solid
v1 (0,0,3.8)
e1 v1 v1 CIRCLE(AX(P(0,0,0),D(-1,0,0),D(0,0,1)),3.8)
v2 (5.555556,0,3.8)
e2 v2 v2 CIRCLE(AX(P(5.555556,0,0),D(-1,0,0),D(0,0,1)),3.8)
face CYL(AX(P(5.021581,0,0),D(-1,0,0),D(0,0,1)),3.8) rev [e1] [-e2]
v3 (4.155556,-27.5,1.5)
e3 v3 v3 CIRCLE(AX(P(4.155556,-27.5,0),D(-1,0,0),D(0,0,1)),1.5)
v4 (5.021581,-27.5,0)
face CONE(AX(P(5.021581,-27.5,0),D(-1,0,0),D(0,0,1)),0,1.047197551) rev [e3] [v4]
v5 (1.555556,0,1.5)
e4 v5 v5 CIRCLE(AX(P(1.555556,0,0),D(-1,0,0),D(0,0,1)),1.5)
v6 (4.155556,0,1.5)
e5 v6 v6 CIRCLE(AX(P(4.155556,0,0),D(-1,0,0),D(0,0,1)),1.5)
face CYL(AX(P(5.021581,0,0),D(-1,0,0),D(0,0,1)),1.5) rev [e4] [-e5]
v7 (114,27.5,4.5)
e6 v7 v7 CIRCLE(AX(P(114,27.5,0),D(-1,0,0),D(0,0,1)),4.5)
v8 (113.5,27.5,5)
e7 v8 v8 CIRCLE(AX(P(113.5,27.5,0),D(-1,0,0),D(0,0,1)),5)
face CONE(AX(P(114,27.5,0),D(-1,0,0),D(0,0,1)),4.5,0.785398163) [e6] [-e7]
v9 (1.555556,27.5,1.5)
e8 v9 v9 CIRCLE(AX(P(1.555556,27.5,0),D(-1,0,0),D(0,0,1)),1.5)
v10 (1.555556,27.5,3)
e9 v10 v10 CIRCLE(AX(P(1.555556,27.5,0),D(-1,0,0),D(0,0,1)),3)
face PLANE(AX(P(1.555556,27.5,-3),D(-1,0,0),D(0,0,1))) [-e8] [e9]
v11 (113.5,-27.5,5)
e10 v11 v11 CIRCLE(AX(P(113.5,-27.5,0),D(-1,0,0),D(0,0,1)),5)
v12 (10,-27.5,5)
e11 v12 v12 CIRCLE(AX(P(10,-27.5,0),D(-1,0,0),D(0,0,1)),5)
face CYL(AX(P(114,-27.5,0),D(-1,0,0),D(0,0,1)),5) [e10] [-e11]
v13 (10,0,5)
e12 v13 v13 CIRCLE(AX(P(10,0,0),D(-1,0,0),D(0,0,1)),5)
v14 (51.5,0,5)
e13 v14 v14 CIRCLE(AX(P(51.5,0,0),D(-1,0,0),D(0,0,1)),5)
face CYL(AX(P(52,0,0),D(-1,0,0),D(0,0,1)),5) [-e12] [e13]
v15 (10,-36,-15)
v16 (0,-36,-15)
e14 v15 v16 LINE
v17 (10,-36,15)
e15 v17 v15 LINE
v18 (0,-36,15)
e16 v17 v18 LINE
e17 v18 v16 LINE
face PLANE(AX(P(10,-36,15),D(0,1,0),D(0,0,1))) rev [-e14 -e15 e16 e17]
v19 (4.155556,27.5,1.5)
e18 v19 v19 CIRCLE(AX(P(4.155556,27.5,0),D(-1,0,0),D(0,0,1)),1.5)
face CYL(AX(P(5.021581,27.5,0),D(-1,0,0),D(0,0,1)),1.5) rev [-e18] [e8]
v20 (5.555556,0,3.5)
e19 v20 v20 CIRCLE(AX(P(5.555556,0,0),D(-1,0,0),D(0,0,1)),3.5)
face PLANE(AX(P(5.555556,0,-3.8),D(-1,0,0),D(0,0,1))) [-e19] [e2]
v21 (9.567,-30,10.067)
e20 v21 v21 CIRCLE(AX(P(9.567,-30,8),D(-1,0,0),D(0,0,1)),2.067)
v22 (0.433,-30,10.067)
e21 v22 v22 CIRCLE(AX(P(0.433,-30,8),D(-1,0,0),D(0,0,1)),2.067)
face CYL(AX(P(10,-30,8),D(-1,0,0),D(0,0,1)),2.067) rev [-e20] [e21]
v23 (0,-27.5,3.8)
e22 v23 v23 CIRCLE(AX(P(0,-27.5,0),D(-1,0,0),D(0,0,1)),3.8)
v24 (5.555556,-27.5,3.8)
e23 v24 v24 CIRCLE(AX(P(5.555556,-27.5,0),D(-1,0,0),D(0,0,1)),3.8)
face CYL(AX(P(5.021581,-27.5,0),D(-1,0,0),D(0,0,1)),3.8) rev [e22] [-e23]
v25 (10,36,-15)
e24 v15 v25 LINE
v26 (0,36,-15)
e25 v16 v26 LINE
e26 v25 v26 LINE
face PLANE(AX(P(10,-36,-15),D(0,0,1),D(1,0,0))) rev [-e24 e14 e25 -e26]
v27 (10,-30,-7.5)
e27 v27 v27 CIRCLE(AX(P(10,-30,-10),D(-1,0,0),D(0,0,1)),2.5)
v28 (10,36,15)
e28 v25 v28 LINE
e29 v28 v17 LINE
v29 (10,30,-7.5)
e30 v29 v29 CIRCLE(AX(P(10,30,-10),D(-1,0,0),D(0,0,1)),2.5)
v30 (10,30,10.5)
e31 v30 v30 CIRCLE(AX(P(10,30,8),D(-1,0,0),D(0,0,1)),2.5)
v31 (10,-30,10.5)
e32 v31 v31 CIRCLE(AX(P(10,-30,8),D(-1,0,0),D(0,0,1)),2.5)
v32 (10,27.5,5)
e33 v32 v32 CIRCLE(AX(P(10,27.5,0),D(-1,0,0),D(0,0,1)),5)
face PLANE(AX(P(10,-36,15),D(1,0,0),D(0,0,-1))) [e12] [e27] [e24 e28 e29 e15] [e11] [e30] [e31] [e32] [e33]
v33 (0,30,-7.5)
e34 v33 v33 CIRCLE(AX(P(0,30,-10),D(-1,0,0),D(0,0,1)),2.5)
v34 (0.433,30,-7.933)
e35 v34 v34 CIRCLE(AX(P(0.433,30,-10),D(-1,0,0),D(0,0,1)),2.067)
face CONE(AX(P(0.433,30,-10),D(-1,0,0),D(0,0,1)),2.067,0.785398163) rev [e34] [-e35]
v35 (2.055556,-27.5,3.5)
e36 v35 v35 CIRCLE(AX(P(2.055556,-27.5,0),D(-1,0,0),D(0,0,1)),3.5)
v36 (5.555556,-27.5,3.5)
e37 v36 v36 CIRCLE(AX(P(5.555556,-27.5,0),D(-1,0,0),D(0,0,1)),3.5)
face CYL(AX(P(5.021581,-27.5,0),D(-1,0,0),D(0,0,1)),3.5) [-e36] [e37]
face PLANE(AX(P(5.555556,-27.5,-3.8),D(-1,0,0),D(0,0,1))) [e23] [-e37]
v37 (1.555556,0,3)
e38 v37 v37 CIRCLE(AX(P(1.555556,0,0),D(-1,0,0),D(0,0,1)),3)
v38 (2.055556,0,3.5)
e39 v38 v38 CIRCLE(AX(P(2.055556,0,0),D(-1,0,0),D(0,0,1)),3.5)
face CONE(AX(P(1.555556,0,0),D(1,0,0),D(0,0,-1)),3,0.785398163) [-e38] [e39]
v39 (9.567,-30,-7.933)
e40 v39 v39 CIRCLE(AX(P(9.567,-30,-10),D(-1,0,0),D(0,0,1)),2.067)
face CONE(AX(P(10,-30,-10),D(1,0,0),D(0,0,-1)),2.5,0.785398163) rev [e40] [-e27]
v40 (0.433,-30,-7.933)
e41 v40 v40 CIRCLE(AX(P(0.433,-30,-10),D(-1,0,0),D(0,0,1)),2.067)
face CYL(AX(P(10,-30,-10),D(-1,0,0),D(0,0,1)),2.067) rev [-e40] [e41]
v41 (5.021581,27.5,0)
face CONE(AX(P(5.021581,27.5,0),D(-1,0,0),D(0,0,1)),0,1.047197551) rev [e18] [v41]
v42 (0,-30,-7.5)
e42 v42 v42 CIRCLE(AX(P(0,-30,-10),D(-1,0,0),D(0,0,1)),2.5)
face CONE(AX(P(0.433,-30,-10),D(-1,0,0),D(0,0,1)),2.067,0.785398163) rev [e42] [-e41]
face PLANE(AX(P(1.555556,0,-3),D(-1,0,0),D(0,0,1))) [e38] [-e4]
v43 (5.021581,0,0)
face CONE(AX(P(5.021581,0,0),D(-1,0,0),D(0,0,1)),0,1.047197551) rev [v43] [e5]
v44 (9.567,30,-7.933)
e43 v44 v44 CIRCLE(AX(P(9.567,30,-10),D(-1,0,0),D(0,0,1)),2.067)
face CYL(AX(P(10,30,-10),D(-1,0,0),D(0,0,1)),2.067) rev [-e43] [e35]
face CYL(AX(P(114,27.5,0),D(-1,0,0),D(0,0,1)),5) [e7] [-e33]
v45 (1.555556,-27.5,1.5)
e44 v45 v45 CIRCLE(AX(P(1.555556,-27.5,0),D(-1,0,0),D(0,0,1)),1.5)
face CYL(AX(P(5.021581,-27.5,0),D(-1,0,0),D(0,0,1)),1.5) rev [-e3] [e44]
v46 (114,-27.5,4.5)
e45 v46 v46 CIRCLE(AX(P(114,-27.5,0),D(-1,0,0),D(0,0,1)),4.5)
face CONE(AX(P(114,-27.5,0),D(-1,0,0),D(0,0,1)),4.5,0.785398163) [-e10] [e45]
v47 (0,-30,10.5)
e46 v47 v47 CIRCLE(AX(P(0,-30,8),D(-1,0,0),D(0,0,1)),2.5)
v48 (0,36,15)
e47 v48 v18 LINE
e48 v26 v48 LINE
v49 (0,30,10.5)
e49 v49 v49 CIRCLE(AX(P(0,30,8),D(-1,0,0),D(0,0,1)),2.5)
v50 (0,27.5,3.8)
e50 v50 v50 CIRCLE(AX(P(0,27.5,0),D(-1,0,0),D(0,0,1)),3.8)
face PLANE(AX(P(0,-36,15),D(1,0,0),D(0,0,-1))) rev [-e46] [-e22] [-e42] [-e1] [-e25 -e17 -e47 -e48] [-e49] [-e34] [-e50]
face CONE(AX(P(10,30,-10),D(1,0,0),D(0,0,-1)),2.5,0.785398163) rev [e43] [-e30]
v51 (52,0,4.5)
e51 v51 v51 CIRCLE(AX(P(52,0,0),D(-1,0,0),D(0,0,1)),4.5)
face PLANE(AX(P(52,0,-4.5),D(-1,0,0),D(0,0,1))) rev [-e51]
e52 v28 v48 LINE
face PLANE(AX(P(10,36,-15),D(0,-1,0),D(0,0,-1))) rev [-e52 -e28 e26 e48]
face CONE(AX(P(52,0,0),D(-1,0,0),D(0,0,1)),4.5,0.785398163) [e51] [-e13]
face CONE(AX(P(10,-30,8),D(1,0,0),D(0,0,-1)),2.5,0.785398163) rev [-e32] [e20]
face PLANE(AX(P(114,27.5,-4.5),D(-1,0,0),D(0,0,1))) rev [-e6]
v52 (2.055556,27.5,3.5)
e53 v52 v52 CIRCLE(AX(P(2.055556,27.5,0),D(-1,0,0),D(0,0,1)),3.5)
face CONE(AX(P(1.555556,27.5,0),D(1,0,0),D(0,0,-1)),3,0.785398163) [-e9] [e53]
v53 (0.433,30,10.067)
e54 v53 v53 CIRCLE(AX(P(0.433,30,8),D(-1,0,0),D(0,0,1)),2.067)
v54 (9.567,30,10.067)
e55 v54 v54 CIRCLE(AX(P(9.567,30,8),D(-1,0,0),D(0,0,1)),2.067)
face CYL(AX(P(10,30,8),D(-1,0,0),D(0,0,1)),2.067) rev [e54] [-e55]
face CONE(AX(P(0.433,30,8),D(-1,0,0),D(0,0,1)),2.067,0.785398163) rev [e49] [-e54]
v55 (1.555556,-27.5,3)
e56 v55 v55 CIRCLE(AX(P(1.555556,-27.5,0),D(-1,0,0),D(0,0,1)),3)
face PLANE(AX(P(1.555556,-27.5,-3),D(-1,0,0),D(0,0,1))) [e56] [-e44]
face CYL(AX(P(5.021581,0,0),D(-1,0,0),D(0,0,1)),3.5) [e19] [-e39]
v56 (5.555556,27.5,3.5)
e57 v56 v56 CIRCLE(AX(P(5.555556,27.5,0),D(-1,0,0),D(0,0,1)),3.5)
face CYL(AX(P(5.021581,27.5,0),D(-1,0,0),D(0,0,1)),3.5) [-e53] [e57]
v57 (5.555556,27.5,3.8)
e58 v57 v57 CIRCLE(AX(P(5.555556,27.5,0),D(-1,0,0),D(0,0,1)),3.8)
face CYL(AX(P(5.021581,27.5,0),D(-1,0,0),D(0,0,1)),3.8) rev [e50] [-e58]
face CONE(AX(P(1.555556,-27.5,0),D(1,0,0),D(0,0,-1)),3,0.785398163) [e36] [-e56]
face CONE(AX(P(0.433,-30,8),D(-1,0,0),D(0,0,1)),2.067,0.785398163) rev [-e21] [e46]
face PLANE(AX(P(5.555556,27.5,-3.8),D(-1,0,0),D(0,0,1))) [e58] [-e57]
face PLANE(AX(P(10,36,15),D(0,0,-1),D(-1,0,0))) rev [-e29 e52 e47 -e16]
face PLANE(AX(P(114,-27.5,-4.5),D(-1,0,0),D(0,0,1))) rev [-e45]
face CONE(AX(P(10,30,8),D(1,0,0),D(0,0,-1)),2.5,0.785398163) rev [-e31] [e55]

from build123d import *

# Parameters (mm, degrees)
SKETCH1_W           = 30
SKETCH1_H           = 72
BOSS_EXTRUDE1_DEPTH = 10


with BuildPart() as part:
    # Sketch1 → Boss-Extrude1 (new body)
    with BuildSketch(Plane(origin=(0, 0, 0), x_dir=(0, 0, -1), z_dir=(1, 0, 0))):
        Rectangle(SKETCH1_W, SKETCH1_H)
    extrude(amount=BOSS_EXTRUDE1_DEPTH)

    # Sketch2 → Cut-Revolve1 (revolve, cut)
    with BuildSketch(Plane(origin=(0, 30, 0), x_dir=(-1, 0, 0), z_dir=(0, 1, 0)), mode=Mode.PRIVATE) as cut_revolve1_sk:
        Polygon((0, -10), (0, -12.5), (-0.433, -12.067), (-9.567, -12.067), (-10, -12.5), (-10, -10), align=None)
    revolve(cut_revolve1_sk.sketch.rotate(Axis((10, 30, -10), (-1, 0, 0)), 180), axis=Axis((10, 30, -10), (-1, 0, 0)), mode=Mode.SUBTRACT)

    # Sketch3 → Cut-Revolve2 (revolve, cut)
    with BuildSketch(Plane(origin=(0, 30, 0), x_dir=(-1, 0, 0), z_dir=(0, 1, 0)), mode=Mode.PRIVATE) as cut_revolve2_sk:
        Polygon((0, 8), (0, 5.5), (-0.433, 5.933), (-9.567, 5.933), (-10, 5.5), (-10, 8), align=None)
    revolve(cut_revolve2_sk.sketch.rotate(Axis((10, 30, 8), (-1, 0, 0)), 180), axis=Axis((10, 30, 8), (-1, 0, 0)), mode=Mode.SUBTRACT)

    # Sketch4 → Cut-Revolve3 (revolve, cut)
    with BuildSketch(Plane(origin=(0, -30, 0), x_dir=(-1, 0, 0), z_dir=(0, 1, 0)), mode=Mode.PRIVATE) as cut_revolve3_sk:
        Polygon((0, 8), (0, 5.5), (-0.433, 5.933), (-9.567, 5.933), (-10, 5.5), (-10, 8), align=None)
    revolve(cut_revolve3_sk.sketch.rotate(Axis((10, -30, 8), (-1, 0, 0)), 180), axis=Axis((10, -30, 8), (-1, 0, 0)), mode=Mode.SUBTRACT)

    # Sketch5 → Cut-Revolve4 (revolve, cut)
    with BuildSketch(Plane(origin=(0, -30, 0), x_dir=(-1, 0, 0), z_dir=(0, 1, 0)), mode=Mode.PRIVATE) as cut_revolve4_sk:
        Polygon((0, -10), (0, -12.5), (-0.433, -12.067), (-9.567, -12.067), (-10, -12.5), (-10, -10), align=None)
    revolve(cut_revolve4_sk.sketch.rotate(Axis((10, -30, -10), (-1, 0, 0)), 180), axis=Axis((10, -30, -10), (-1, 0, 0)), mode=Mode.SUBTRACT)

    # Sketch6 → Cut-Revolve5 (revolve, cut)
    with BuildSketch(Plane(origin=(0, 27.5, 0), x_dir=(-1, 0, 0), z_dir=(0, 1, 0)), mode=Mode.PRIVATE) as cut_revolve5_sk:
        Polygon((0, 0), (0, -3.8), (-5.555555556, -3.8), (-5.555555556, -3.5), (-2.055555556, -3.5), (-1.555555556, -3), (-1.555555556, -1.5), (-4.155555556, -1.5), (-5.021580959, 0), align=None)
    revolve(cut_revolve5_sk.sketch.rotate(Axis((5.021580959, 27.5, 0), (-1, 0, 0)), 180), axis=Axis((5.021580959, 27.5, 0), (-1, 0, 0)), mode=Mode.SUBTRACT)

    # Sketch7 → Cut-Revolve6 (revolve, cut)
    with BuildSketch(Plane(origin=(0, 0, 0), x_dir=(-1, 0, 0), z_dir=(0, 1, 0)), mode=Mode.PRIVATE) as cut_revolve6_sk:
        Polygon((0, 0), (0, -3.8), (-5.555555556, -3.8), (-5.555555556, -3.5), (-2.055555556, -3.5), (-1.555555556, -3), (-1.555555556, -1.5), (-4.155555556, -1.5), (-5.021580959, 0), align=None)
    revolve(cut_revolve6_sk.sketch.rotate(Axis((5.021580959, 0, 0), (-1, 0, 0)), 180), axis=Axis((5.021580959, 0, 0), (-1, 0, 0)), mode=Mode.SUBTRACT)

    # Sketch8 → Cut-Revolve7 (revolve, cut)
    with BuildSketch(Plane(origin=(0, -27.5, 0), x_dir=(-1, 0, 0), z_dir=(0, 1, 0)), mode=Mode.PRIVATE) as cut_revolve7_sk:
        Polygon((0, 0), (0, -3.8), (-5.555555556, -3.8), (-5.555555556, -3.5), (-2.055555556, -3.5), (-1.555555556, -3), (-1.555555556, -1.5), (-4.155555556, -1.5), (-5.021580959, 0), align=None)
    revolve(cut_revolve7_sk.sketch.rotate(Axis((5.021580959, -27.5, 0), (-1, 0, 0)), 180), axis=Axis((5.021580959, -27.5, 0), (-1, 0, 0)), mode=Mode.SUBTRACT)

    # Sketch9 → Revolve1 (revolve)
    with BuildSketch(Plane(origin=(0, 0, 0), x_dir=(-1, 0, 0), z_dir=(0, 1, 0)), mode=Mode.PRIVATE) as revolve1_sk:
        Polygon((-10, 0), (-10, -5), (-51.5, -5), (-52, -4.5), (-52, 0), align=None)
    revolve(revolve1_sk.sketch.rotate(Axis((52, 0, 0), (-1, 0, 0)), 180), axis=Axis((52, 0, 0), (-1, 0, 0)))

    # Sketch10 → Revolve2 (revolve)
    with BuildSketch(Plane(origin=(0, -27.5, 0), x_dir=(-1, 0, 0), z_dir=(0, 1, 0)), mode=Mode.PRIVATE) as revolve2_sk:
        Polygon((-10, 0), (-10, -5), (-113.5, -5), (-114, -4.5), (-114, 0), align=None)
    revolve(revolve2_sk.sketch.rotate(Axis((114, -27.5, 0), (-1, 0, 0)), 180), axis=Axis((114, -27.5, 0), (-1, 0, 0)))

    # Sketch11 → Revolve3 (revolve)
    with BuildSketch(Plane(origin=(0, 27.5, 0), x_dir=(-1, 0, 0), z_dir=(0, 1, 0)), mode=Mode.PRIVATE) as revolve3_sk:
        Polygon((-10, 0), (-10, -5), (-113.5, -5), (-114, -4.5), (-114, 0), align=None)
    revolve(revolve3_sk.sketch.rotate(Axis((114, 27.5, 0), (-1, 0, 0)), 180), axis=Axis((114, 27.5, 0), (-1, 0, 0)))


solid = part.part
